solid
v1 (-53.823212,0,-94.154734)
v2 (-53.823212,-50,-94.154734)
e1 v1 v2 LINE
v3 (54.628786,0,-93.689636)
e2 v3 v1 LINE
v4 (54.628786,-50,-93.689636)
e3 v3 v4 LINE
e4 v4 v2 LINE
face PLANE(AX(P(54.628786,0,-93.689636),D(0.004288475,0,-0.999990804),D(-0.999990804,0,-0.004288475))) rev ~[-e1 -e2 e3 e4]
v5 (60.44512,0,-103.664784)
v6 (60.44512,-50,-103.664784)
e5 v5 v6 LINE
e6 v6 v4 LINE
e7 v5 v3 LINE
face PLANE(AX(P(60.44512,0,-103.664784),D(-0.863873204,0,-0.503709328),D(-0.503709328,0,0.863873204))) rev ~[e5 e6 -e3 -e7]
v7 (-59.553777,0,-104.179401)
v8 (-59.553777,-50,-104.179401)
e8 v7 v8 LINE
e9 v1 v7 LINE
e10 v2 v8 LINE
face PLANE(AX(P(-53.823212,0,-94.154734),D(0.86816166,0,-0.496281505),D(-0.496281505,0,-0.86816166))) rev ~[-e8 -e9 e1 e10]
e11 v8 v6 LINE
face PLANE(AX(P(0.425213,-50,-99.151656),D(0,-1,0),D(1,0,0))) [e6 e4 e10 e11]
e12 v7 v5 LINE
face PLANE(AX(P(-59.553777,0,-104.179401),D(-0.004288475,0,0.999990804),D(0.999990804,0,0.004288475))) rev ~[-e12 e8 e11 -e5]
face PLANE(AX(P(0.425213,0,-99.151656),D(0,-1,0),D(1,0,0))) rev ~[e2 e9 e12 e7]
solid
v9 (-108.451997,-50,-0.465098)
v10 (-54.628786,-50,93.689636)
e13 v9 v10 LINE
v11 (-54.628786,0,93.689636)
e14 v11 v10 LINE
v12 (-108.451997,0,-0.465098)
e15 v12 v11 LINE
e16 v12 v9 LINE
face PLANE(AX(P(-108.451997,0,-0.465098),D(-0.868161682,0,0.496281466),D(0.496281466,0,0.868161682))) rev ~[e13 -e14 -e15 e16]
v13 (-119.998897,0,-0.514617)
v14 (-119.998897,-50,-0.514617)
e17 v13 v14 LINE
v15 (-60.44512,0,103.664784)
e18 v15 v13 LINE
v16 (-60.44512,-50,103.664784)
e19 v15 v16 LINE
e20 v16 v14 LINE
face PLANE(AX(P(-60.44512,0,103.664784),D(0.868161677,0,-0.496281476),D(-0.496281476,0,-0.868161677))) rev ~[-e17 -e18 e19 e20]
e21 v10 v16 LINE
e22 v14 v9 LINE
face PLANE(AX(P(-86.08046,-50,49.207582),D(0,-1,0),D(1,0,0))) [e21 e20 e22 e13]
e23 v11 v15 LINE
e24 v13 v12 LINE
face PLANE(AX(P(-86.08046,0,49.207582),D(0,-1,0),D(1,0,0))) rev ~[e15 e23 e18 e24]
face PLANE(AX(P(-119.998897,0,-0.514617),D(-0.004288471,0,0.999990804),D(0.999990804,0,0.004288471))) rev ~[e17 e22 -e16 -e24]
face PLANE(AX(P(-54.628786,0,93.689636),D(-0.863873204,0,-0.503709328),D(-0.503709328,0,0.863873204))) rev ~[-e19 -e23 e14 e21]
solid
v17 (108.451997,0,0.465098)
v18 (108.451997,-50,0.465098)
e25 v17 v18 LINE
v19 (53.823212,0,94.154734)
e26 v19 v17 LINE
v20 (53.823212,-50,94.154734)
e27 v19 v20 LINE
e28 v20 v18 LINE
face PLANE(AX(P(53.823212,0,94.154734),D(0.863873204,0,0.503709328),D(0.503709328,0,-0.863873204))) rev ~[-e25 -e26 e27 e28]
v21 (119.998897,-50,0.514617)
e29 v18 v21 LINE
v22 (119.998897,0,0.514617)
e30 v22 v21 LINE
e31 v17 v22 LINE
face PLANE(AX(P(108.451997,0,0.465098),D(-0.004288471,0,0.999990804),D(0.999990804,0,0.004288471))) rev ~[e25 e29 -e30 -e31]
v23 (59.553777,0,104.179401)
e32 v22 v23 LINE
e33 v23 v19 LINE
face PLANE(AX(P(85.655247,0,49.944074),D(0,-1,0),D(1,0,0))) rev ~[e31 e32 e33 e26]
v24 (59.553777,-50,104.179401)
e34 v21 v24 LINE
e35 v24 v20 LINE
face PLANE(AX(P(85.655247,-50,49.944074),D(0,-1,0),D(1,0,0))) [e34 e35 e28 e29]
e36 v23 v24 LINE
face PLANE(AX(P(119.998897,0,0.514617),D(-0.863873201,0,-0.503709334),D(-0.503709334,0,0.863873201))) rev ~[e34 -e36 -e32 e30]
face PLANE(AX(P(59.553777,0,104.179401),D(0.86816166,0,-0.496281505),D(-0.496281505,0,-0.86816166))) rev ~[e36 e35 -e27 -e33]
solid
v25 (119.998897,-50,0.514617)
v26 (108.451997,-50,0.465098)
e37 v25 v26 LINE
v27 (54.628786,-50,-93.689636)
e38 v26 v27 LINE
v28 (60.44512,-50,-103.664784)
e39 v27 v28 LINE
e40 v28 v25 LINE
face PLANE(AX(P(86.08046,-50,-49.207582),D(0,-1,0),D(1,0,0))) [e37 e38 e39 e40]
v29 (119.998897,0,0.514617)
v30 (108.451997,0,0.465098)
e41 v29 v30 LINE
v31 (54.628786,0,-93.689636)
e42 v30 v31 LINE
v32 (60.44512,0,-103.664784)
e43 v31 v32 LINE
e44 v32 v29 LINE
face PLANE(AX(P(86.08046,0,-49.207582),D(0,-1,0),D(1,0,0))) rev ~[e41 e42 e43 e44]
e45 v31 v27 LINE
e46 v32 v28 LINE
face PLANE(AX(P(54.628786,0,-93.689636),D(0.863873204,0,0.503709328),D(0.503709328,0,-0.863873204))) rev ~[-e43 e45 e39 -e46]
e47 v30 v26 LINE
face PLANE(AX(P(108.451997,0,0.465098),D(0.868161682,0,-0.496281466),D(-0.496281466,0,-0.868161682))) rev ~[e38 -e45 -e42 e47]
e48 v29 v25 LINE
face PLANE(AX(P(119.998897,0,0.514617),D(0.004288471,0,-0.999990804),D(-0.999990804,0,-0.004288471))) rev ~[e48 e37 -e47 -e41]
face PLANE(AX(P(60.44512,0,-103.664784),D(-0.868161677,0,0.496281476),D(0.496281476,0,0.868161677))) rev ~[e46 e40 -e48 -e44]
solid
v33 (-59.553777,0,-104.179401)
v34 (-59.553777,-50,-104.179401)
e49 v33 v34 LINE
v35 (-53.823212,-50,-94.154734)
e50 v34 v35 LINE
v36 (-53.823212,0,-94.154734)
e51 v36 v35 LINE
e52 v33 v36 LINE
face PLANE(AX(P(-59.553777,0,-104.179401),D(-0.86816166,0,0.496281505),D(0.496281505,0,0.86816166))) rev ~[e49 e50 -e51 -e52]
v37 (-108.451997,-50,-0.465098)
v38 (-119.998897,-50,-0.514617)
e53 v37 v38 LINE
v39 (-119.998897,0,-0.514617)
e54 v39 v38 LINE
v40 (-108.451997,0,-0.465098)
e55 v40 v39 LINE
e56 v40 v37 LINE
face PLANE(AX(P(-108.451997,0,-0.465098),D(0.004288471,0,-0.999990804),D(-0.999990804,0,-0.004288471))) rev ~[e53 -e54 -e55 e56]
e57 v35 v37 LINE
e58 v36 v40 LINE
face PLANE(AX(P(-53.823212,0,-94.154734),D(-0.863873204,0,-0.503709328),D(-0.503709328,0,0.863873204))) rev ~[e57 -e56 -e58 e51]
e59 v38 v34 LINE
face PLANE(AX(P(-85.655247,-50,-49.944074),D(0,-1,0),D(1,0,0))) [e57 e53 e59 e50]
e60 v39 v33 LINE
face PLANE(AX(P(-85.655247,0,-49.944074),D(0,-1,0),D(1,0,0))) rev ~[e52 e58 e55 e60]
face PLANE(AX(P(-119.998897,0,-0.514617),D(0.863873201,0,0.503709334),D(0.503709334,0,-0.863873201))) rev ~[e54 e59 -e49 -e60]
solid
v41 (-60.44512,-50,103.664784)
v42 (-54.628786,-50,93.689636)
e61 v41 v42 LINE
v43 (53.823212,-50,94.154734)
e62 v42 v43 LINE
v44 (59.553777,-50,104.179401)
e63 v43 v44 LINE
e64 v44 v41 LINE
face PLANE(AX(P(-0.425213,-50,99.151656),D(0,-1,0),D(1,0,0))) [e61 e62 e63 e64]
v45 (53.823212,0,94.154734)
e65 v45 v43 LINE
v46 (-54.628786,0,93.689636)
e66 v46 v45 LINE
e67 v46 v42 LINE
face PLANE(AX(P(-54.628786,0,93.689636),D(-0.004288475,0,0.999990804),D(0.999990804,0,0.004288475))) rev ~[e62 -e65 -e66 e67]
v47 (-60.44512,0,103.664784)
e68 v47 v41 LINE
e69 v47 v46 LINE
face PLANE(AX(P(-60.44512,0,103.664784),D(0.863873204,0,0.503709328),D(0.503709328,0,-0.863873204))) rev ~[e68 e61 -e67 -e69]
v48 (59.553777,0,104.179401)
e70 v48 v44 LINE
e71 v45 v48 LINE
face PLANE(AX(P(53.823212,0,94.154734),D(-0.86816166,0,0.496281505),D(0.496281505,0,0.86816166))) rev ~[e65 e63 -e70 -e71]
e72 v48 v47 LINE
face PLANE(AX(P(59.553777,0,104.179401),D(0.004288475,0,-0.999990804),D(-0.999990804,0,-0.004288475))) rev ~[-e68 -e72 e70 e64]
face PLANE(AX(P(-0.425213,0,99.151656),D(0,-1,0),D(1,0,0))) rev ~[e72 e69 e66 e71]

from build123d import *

# Parameters (mm, degrees)
F1_DEPTH = 50
F2_DEPTH = 50
F3_DEPTH = 50
F4_DEPTH = 50
F5_DEPTH = 50
F6_DEPTH = 50


with BuildPart() as f1:
    # F0 (on Front) → F1 (new body)
    with BuildSketch(Plane.XZ):
        Polygon((59.553777, 104.179401), (-60.44512, 103.664784), (-54.628786, 93.689636), (53.823212, 94.154734), align=None)
    extrude(amount=F1_DEPTH)


with BuildPart() as f2:
    # F0 (on Front) → F2 (new body)
    with BuildSketch(Plane.XZ):
        Polygon((-60.44512, 103.664784), (-119.998897, -0.514617), (-108.451997, -0.465098), (-54.628786, 93.689636), align=None)
    extrude(amount=F2_DEPTH)


with BuildPart() as f3:
    # F0 (on Front) → F3 (new body)
    with BuildSketch(Plane.XZ):
        Polygon((-108.451997, -0.465098), (-119.998897, -0.514617), (-59.553777, -104.179401), (-53.823212, -94.154734), align=None)
    extrude(amount=F3_DEPTH)


with BuildPart() as f4:
    # F0 (on Front) → F4 (new body)
    with BuildSketch(Plane.XZ):
        Polygon((-53.823212, -94.154734), (-59.553777, -104.179401), (60.44512, -103.664784), (54.628786, -93.689636), align=None)
    extrude(amount=F4_DEPTH)


with BuildPart() as f5:
    # F0 (on Front) → F5 (new body)
    with BuildSketch(Plane.XZ):
        Polygon((54.628786, -93.689636), (60.44512, -103.664784), (119.998897, 0.514617), (108.451997, 0.465098), align=None)
    extrude(amount=F5_DEPTH)


with BuildPart() as f6:
    # F0 (on Front) → F6 (new body)
    with BuildSketch(Plane.XZ):
        Polygon((119.998897, 0.514617), (59.553777, 104.179401), (53.823212, 94.154734), (108.451997, 0.465098), align=None)
    extrude(amount=F6_DEPTH)


solid = Compound([f1.part, f2.part, f3.part, f4.part, f5.part, f6.part])
